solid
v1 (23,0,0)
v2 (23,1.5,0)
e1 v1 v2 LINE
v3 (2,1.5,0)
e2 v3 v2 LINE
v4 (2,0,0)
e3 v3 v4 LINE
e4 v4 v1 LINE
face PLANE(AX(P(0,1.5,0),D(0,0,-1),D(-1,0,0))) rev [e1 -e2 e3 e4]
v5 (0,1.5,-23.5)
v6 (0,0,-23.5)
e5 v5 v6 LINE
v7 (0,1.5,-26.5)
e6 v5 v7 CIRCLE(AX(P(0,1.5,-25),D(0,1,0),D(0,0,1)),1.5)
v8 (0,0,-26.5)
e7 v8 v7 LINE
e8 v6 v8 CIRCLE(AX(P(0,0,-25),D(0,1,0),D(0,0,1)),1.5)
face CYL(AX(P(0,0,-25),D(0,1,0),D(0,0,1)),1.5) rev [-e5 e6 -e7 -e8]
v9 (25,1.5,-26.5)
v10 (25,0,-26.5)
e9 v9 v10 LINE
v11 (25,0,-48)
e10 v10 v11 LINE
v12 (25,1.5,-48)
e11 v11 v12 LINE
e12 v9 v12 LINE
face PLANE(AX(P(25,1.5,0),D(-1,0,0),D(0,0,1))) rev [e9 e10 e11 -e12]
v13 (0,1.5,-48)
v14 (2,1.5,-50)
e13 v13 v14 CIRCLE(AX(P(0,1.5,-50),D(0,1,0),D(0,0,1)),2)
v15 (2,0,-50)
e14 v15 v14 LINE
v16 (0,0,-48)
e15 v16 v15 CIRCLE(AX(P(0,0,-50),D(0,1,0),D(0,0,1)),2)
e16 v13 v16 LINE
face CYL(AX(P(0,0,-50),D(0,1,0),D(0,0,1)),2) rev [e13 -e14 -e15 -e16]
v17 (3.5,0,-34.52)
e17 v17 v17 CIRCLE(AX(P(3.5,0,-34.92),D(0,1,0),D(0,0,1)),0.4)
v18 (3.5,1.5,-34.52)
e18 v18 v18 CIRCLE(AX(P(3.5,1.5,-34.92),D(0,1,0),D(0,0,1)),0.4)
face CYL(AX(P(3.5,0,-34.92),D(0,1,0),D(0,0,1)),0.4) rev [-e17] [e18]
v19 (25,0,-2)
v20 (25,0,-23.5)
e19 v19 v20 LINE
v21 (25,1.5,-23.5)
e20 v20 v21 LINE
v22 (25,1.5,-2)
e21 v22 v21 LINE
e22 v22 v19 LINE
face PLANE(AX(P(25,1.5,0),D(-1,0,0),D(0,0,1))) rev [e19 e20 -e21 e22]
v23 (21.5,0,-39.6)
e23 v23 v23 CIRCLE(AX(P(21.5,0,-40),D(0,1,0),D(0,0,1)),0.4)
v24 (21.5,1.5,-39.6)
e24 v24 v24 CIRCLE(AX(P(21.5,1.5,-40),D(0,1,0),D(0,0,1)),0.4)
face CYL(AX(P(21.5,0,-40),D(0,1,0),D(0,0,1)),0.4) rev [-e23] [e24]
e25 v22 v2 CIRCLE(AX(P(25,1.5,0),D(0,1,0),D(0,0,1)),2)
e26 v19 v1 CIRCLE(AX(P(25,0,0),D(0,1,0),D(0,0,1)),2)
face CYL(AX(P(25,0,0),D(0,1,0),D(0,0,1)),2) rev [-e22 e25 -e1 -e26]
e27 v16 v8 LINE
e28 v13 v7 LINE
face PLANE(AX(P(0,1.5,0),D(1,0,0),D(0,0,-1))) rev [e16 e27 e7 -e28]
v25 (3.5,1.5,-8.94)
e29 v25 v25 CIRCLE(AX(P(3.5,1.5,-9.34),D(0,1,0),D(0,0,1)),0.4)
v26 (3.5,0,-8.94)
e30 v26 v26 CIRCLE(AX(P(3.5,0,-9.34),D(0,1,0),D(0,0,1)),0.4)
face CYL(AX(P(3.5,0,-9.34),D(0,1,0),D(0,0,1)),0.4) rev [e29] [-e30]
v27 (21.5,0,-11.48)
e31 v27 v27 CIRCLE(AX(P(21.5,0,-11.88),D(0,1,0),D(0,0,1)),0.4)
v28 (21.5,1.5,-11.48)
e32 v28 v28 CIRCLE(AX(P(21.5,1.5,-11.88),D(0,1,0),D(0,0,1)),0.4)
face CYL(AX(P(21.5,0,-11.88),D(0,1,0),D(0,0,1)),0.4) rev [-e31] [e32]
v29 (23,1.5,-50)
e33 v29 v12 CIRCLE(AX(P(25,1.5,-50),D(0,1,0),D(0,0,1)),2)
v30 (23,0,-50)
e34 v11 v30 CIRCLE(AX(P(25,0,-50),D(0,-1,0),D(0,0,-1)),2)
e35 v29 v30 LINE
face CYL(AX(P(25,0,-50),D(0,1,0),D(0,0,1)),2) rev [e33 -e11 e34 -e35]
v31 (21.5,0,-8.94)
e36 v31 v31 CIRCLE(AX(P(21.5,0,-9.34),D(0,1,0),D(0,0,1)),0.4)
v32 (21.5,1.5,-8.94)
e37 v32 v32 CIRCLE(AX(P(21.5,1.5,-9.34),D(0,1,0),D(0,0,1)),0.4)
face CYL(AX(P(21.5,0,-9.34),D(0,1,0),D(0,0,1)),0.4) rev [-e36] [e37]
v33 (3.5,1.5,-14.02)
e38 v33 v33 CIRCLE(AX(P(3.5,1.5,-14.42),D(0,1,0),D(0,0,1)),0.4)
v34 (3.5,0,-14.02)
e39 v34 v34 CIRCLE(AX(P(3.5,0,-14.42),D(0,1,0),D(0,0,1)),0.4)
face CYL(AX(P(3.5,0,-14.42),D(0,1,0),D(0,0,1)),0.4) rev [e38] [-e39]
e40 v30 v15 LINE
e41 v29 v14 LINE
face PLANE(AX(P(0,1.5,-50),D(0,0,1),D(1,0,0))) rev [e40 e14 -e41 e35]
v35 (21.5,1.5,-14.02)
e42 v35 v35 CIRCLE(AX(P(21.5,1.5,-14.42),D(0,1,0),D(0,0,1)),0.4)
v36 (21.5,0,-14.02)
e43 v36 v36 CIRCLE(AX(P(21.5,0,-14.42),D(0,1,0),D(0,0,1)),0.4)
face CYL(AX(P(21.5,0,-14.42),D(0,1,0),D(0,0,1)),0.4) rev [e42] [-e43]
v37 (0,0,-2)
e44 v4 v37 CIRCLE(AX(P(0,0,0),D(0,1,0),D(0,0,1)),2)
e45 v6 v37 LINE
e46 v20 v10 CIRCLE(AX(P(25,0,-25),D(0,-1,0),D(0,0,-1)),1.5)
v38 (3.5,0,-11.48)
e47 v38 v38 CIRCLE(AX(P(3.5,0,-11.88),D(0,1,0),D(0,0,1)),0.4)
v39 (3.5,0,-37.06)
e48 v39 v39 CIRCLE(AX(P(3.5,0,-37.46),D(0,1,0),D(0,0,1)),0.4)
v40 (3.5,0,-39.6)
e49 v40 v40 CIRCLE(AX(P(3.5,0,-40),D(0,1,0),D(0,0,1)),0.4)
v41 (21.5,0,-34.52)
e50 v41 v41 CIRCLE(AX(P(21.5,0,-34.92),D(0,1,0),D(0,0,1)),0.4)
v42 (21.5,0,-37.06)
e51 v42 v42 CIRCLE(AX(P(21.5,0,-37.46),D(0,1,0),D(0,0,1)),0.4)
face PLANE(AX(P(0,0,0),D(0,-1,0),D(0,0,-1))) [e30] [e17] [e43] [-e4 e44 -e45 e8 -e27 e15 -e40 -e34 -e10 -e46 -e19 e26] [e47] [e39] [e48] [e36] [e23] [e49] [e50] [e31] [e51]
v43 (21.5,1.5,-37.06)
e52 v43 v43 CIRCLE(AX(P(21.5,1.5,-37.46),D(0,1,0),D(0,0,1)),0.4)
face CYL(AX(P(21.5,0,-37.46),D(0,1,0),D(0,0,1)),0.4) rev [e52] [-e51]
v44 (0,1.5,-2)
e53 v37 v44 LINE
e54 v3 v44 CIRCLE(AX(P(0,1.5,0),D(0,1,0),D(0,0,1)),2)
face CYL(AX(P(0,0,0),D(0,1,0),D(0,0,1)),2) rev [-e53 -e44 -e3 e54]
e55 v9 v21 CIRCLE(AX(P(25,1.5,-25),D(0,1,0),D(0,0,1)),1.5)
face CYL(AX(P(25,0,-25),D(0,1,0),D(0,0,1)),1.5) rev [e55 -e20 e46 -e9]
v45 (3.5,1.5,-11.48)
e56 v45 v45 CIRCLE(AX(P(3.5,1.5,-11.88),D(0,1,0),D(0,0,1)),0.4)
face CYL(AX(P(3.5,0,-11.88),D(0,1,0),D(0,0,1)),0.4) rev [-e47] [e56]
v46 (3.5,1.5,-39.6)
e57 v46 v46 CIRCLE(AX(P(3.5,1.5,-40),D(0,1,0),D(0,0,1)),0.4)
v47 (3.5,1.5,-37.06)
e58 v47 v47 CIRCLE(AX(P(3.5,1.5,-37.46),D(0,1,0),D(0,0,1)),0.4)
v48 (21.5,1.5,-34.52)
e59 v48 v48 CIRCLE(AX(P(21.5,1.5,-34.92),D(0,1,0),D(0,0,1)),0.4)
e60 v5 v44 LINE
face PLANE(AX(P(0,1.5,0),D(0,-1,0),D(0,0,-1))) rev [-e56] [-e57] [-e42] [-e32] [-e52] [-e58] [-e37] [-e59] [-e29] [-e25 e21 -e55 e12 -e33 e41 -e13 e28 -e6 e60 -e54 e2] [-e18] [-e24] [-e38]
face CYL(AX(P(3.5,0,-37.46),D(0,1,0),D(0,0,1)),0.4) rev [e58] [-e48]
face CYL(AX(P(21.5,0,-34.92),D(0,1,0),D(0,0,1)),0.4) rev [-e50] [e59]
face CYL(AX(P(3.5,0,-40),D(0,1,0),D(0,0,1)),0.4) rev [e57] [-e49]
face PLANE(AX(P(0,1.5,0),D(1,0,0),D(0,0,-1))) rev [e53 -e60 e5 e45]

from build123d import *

# Parameters (mm, degrees)
SKETCH_1_W          = 25
SKETCH_1_H          = 50
EXTRUDE_1_DEPTH     = 1.5
SKETCH_2_R          = 1.5
SKETCH_2_R_2        = 2
SKETCH_2_R_3        = 0.4
CUT_EXTRUDE_1_DEPTH = 56.921820428


with BuildPart() as part:
    # Эскиз1 → Бобышка-Вытянуть1 (new body)
    with BuildSketch(Plane(origin=(0, 0, 0), x_dir=(1, 0, 0), z_dir=(0, 1, 0))):
        with Locations((12.5, 25)):
            Rectangle(SKETCH_1_W, SKETCH_1_H)
    extrude(amount=EXTRUDE_1_DEPTH)

    # Эскиз2 → Вырез-Вытянуть1 (cut, through all)
    with BuildSketch(Plane(origin=(0, 1.5, 0), x_dir=(1, 0, 0), z_dir=(0, 1, 0))):
        with Locations((25, 25)):
            Circle(SKETCH_2_R)
        with Locations((0, 25)):
            Circle(SKETCH_2_R)
        with Locations((25, 0)):
            Circle(SKETCH_2_R_2)
        Circle(SKETCH_2_R_2)
        with Locations((0, 50)):
            Circle(SKETCH_2_R_2)
        with Locations((25, 50)):
            Circle(SKETCH_2_R_2)
        with Locations(Location((3.5, 40, 0), (0, 0, 270))):
            Circle(SKETCH_2_R_3)
        with Locations(Location((3.5, 37.46, 0), (0, 0, 270))):
            Circle(SKETCH_2_R_3)
        with Locations(Location((3.5, 34.92, 0), (0, 0, 270))):
            Circle(SKETCH_2_R_3)
        with Locations(Location((3.5, 14.42, 0), (0, 0, 270))):
            Circle(SKETCH_2_R_3)
        with Locations(Location((3.5, 11.88, 0), (0, 0, 270))):
            Circle(SKETCH_2_R_3)
        with Locations(Location((3.5, 9.34, 0), (0, 0, 270))):
            Circle(SKETCH_2_R_3)
        with Locations(Location((21.5, 40, 0), (0, 0, 270))):
            Circle(SKETCH_2_R_3)
        with Locations(Location((21.5, 37.46, 0), (0, 0, 270))):
            Circle(SKETCH_2_R_3)
        with Locations(Location((21.5, 34.92, 0), (0, 0, 270))):
            Circle(SKETCH_2_R_3)
        with Locations(Location((21.5, 14.42, 0), (0, 0, 270))):
            Circle(SKETCH_2_R_3)
        with Locations(Location((21.5, 11.88, 0), (0, 0, 270))):
            Circle(SKETCH_2_R_3)
        with Locations(Location((21.5, 9.34, 0), (0, 0, 270))):
            Circle(SKETCH_2_R_3)
    extrude(amount=-CUT_EXTRUDE_1_DEPTH, mode=Mode.SUBTRACT)


solid = part.part
